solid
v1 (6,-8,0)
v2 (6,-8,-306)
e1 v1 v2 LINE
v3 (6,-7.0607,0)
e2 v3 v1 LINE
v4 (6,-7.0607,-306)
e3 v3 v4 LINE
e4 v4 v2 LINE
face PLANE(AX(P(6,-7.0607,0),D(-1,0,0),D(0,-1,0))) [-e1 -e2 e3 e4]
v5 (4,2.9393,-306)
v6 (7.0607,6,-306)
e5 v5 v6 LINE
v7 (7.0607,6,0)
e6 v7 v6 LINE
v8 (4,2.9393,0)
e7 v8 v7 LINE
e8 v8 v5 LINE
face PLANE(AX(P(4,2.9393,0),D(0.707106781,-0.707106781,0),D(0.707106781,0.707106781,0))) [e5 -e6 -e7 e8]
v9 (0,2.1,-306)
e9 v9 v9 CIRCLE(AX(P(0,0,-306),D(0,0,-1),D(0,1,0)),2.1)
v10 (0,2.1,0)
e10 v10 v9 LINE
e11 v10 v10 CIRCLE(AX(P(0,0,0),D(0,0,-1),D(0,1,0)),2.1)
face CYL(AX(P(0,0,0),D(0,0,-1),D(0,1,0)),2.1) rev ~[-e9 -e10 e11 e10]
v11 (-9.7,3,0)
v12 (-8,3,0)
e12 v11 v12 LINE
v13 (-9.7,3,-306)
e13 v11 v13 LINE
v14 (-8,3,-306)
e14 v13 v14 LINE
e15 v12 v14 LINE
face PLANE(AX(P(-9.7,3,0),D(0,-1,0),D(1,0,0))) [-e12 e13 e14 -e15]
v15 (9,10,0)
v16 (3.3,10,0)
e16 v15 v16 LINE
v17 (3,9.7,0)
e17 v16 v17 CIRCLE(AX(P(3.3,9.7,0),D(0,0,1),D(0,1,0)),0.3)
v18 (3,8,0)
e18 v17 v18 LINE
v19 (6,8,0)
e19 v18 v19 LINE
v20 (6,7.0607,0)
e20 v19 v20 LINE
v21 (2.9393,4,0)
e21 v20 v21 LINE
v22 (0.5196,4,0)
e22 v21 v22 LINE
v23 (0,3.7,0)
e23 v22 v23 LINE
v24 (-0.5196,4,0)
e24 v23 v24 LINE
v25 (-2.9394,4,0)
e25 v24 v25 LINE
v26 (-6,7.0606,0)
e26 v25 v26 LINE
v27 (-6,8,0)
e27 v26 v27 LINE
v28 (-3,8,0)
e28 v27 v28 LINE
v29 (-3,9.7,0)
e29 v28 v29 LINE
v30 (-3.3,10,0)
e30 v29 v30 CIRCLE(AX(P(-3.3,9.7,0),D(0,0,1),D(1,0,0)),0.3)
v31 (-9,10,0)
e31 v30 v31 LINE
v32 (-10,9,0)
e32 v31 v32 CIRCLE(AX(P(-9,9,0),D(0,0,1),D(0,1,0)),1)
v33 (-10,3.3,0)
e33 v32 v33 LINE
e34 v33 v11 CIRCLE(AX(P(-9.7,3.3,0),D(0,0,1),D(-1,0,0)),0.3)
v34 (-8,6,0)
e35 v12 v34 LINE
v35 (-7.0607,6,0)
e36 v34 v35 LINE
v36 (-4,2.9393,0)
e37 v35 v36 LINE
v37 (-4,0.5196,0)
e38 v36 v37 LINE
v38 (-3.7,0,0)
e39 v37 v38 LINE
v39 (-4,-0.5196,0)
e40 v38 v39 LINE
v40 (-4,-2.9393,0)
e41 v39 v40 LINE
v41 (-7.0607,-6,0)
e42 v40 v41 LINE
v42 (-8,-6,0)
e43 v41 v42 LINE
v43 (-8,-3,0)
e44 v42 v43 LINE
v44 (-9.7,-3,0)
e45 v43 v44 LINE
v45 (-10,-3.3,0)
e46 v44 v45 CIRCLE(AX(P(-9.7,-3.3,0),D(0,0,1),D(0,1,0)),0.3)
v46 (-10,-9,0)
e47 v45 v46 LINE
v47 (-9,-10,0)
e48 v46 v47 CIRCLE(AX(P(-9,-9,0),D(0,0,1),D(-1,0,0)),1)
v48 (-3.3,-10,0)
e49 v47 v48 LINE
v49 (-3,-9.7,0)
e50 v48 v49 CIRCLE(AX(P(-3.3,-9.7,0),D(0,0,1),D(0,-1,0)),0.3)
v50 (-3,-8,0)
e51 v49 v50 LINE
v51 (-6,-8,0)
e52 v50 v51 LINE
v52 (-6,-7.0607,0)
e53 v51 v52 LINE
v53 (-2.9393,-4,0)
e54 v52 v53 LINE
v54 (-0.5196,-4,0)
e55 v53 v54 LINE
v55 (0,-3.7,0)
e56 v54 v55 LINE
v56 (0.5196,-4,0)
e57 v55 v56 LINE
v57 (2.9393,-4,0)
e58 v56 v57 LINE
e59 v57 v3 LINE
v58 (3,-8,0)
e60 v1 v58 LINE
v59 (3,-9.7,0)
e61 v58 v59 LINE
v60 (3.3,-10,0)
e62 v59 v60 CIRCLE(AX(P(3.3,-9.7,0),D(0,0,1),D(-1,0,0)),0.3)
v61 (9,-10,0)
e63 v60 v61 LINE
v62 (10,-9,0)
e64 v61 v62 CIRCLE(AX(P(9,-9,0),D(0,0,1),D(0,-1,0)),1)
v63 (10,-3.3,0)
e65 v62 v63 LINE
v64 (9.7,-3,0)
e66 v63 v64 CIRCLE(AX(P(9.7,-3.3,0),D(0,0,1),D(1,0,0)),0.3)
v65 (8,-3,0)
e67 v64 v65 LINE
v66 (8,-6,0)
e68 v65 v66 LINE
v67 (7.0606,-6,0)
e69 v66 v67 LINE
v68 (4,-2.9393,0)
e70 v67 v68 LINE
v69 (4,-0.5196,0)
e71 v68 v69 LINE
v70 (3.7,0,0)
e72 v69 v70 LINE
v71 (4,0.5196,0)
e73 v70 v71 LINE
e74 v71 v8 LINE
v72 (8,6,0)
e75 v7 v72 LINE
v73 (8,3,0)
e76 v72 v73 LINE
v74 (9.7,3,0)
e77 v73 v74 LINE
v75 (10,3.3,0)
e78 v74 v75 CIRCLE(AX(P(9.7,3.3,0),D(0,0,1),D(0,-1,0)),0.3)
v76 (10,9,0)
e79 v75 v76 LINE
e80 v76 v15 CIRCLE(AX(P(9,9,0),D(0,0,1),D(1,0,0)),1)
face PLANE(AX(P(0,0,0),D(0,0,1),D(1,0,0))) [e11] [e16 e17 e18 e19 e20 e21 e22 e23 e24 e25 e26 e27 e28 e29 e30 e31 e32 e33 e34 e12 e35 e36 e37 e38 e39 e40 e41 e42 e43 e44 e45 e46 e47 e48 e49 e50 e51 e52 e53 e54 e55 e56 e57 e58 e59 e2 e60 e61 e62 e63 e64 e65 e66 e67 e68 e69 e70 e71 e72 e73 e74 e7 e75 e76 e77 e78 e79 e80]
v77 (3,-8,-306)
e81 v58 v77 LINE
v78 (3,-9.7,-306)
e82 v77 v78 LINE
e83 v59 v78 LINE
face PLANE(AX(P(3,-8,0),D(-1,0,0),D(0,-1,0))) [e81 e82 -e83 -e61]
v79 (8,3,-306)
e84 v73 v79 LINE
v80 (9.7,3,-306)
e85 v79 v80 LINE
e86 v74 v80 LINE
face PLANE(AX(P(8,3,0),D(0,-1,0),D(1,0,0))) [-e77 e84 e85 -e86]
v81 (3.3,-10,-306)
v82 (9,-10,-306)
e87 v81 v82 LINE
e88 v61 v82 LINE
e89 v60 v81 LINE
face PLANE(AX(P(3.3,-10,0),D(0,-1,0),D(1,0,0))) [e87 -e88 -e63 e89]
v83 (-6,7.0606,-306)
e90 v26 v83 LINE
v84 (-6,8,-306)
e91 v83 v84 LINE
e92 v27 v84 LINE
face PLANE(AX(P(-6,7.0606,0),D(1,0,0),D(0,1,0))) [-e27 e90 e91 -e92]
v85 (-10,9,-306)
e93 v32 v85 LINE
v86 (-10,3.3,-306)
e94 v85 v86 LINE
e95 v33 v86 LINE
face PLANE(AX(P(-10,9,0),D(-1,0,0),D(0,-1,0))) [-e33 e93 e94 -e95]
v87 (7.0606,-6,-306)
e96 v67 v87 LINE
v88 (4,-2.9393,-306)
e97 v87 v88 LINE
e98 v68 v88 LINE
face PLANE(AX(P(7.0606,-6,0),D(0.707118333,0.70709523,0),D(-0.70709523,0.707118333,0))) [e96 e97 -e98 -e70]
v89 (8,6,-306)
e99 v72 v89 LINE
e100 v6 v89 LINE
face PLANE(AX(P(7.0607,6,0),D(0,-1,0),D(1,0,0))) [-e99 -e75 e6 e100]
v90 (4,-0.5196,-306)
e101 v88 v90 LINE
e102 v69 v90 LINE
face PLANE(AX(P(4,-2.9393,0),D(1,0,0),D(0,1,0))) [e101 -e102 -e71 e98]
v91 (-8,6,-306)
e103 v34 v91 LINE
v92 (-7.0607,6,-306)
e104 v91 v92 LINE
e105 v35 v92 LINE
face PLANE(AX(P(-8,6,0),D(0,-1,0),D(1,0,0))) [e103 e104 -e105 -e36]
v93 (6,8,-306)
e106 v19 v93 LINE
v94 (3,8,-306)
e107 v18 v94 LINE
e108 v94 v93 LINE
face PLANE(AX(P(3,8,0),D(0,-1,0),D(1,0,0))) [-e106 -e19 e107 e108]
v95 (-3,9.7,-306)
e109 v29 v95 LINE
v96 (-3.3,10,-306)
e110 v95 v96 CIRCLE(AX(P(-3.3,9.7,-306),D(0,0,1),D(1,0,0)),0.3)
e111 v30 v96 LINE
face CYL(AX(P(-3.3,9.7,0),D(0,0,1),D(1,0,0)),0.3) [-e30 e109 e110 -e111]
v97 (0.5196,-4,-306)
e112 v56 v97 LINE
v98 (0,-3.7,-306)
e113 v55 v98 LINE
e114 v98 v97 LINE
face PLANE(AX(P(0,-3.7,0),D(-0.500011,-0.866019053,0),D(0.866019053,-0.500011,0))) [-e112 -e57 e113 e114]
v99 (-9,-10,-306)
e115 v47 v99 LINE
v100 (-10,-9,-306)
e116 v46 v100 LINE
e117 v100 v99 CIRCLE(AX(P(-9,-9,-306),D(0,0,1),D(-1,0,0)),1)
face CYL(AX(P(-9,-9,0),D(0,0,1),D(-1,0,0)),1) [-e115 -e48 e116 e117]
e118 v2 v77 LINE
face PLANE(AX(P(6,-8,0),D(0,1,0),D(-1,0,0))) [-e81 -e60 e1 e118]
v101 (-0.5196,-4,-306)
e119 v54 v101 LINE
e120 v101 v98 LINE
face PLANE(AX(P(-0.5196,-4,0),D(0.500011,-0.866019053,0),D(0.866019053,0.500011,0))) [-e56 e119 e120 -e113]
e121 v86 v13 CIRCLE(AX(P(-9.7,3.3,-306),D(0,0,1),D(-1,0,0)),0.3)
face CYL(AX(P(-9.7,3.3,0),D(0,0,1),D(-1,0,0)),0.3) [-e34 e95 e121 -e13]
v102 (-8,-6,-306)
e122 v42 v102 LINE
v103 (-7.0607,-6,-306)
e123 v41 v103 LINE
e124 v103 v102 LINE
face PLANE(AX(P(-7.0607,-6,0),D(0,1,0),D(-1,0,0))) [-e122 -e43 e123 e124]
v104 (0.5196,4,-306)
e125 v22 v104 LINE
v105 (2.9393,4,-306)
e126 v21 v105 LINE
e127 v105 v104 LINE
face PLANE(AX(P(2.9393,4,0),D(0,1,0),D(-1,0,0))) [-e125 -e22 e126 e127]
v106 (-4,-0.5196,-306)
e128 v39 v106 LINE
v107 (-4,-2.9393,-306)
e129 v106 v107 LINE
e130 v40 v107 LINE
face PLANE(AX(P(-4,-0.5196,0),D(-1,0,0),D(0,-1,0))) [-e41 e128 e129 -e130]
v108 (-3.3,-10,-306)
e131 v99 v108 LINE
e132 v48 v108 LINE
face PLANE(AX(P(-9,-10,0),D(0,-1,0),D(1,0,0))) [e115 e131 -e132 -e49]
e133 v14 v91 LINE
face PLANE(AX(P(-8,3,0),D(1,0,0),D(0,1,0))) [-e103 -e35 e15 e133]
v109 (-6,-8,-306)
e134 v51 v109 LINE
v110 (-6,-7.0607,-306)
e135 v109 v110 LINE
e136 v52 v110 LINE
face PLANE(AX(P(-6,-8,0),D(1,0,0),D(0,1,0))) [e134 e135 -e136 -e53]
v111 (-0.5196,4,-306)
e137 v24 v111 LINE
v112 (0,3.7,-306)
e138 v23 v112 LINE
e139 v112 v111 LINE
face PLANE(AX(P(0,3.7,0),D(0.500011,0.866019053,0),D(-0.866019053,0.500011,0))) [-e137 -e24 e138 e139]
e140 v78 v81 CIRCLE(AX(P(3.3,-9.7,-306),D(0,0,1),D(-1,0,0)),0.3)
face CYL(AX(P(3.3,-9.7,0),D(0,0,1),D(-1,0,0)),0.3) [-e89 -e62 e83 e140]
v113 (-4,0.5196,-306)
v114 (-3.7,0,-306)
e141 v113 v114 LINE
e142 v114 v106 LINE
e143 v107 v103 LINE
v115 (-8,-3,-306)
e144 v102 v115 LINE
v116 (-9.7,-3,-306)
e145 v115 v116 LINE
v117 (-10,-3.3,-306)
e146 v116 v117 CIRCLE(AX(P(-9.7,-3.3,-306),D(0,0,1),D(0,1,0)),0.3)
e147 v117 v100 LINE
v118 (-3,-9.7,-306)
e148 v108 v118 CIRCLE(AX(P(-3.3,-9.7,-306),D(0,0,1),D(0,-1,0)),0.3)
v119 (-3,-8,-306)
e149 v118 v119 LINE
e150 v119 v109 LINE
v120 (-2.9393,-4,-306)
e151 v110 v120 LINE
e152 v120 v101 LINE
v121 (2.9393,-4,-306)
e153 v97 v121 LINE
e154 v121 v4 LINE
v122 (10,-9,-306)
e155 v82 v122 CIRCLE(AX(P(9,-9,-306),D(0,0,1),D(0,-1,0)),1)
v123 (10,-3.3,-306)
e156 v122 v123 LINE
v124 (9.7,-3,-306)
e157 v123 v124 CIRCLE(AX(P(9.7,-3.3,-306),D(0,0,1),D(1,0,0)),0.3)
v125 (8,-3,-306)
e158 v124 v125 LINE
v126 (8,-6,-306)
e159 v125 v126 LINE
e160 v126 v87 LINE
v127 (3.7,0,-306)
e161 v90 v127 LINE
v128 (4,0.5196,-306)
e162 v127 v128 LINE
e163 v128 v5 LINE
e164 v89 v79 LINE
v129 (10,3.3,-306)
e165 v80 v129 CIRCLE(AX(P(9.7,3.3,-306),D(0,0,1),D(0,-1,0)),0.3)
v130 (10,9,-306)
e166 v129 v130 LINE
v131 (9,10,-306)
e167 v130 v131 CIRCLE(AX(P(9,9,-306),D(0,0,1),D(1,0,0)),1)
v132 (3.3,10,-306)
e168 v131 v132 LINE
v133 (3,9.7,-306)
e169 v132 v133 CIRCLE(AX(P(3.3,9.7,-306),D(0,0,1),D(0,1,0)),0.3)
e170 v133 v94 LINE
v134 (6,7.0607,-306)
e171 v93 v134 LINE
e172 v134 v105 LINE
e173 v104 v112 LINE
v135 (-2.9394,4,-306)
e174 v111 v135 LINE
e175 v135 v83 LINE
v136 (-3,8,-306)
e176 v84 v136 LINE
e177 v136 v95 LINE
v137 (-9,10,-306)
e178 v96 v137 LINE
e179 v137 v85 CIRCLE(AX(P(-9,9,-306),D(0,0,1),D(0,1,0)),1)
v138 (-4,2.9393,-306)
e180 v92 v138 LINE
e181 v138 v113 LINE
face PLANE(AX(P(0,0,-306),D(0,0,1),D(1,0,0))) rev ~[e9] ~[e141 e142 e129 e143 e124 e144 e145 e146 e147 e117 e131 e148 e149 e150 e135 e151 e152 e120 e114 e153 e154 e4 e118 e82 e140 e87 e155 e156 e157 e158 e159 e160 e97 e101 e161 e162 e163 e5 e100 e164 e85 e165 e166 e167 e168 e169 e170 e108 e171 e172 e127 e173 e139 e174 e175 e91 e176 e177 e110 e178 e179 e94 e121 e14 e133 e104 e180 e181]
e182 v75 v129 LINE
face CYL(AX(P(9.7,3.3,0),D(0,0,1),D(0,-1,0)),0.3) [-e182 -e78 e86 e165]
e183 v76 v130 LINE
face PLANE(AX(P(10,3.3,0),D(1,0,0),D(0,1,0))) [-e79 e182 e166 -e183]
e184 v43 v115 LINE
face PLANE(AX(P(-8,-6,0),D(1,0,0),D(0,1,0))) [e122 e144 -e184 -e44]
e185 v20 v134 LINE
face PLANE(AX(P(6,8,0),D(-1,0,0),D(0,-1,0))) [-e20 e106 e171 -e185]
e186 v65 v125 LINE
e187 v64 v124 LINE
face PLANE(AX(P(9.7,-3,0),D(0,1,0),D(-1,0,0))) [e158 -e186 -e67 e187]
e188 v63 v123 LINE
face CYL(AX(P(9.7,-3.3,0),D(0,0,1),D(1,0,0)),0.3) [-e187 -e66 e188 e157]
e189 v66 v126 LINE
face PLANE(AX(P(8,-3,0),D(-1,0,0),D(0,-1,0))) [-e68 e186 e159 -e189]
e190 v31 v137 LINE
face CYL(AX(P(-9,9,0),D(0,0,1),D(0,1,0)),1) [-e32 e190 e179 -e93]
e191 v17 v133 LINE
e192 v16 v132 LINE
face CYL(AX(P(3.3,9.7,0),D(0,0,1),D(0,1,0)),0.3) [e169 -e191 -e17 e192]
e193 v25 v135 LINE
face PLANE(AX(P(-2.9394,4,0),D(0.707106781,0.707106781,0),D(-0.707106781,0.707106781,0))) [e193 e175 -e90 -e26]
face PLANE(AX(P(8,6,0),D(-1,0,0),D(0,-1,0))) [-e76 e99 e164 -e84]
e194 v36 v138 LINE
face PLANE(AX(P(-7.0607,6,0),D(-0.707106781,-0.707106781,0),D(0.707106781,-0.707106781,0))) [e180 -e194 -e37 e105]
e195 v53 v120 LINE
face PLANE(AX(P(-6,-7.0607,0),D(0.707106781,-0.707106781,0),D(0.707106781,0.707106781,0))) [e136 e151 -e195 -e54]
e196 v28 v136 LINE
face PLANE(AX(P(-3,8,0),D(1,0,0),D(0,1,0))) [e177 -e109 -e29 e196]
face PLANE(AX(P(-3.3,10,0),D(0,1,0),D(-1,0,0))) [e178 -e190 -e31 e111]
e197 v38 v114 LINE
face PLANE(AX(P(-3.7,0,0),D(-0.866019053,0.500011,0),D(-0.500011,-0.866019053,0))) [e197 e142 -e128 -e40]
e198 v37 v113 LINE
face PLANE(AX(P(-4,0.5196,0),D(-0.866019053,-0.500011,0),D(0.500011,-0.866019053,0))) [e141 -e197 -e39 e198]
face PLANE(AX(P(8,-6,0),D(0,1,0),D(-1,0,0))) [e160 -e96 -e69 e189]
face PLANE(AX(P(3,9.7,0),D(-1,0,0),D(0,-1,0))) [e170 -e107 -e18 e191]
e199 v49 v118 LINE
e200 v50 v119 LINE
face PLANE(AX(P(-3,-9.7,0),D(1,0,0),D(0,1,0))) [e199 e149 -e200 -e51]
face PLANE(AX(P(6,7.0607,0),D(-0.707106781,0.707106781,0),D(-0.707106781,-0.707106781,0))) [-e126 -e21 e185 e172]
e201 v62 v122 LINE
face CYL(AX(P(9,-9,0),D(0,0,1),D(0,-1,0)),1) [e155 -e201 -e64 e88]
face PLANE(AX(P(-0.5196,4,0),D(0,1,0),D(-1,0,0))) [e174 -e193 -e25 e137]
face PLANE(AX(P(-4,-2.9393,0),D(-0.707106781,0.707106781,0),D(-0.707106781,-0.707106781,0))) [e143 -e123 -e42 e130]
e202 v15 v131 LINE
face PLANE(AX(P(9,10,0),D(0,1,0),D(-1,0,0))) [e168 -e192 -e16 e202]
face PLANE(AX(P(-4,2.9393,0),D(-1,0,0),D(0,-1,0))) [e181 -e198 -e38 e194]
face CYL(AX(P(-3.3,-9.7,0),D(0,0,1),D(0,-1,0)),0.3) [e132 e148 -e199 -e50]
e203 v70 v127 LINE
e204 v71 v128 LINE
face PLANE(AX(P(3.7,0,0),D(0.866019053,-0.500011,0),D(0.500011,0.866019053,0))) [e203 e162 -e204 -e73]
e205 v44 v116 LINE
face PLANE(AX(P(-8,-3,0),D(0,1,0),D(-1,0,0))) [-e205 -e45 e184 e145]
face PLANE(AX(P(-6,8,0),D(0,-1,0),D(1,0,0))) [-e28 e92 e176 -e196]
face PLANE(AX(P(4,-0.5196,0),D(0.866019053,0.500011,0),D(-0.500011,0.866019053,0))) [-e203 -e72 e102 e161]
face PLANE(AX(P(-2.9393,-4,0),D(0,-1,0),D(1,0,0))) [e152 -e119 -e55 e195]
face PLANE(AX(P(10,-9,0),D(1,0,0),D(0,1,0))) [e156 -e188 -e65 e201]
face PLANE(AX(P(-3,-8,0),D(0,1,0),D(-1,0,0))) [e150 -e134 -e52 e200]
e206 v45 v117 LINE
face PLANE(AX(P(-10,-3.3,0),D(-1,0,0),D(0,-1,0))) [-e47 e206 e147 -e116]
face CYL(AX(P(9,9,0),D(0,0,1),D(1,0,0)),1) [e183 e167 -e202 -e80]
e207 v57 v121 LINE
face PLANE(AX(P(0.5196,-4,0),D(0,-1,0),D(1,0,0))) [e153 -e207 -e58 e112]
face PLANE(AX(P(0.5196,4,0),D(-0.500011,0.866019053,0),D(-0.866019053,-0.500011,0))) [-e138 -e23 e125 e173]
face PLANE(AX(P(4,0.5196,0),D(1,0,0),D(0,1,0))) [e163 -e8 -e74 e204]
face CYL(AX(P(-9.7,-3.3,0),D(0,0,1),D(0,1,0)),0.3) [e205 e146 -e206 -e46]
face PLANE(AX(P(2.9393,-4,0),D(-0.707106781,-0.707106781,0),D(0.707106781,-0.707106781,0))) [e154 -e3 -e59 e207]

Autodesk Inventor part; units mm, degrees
sketch "Sketch_1" plane through (0, 0, 0) normal (0, 0, 1) x (1, 0, 0)
  line L0 (-10, 9) -> (-10, 3.3)
  arc A0 (-10, 3.3) -> (-9.7, 3) centre (-9.7, 3.3) ccw
  line L1 (-9.7, 3) -> (-8, 3)
  line L2 (-8, 3) -> (-8, 6)
  line L3 (-8, 6) -> (-7.0607, 6)
  line L4 (-7.0607, 6) -> (-4, 2.9393)
  line L5 (-4, 2.9393) -> (-4, 0.5196)
  line L6 (-4, 0.5196) -> (-3.7, 0)
  line L7 (-3.7, 0) -> (-4, -0.5196)
  line L8 (-4, -0.5196) -> (-4, -2.9393)
  line L9 (-4, -2.9393) -> (-7.0607, -6)
  line L10 (-7.0607, -6) -> (-8, -6)
  line L11 (-8, -6) -> (-8, -3)
  line L12 (-8, -3) -> (-9.7, -3)
  arc A1 (-9.7, -3) -> (-10, -3.3) centre (-9.7, -3.3) ccw
  line L13 (-10, -3.3) -> (-10, -9)
  arc A2 (-10, -9) -> (-9, -10) centre (-9, -9) ccw
  line L14 (-9, -10) -> (-3.3, -10)
  arc A3 (-3.3, -10) -> (-3, -9.7) centre (-3.3, -9.7) ccw
  line L15 (-3, -9.7) -> (-3, -8)
  line L16 (-3, -8) -> (-6, -8)
  line L17 (-6, -8) -> (-6, -7.0607)
  line L18 (-6, -7.0607) -> (-2.9393, -4)
  line L19 (-2.9393, -4) -> (-0.5196, -4)
  line L20 (-0.5196, -4) -> (0, -3.7)
  line L21 (0, -3.7) -> (0.5196, -4)
  line L22 (0.5196, -4) -> (2.9393, -4)
  line L23 (2.9393, -4) -> (6, -7.0607)
  line L24 (6, -7.0607) -> (6, -8)
  line L25 (6, -8) -> (3, -8)
  line L26 (3, -8) -> (3, -9.7)
  arc A4 (3, -9.7) -> (3.3, -10) centre (3.3, -9.7) ccw
  line L27 (3.3, -10) -> (9, -10)
  arc A5 (9, -10) -> (10, -9) centre (9, -9) ccw
  line L28 (10, -9) -> (10, -3.3)
  arc A6 (10, -3.3) -> (9.7, -3) centre (9.7, -3.3) ccw
  line L29 (9.7, -3) -> (8, -3)
  line L30 (8, -3) -> (8, -6)
  line L31 (8, -6) -> (7.0606, -6)
  line L32 (7.0606, -6) -> (4, -2.9393)
  line L33 (4, -2.9393) -> (4, -0.5196)
  line L34 (4, -0.5196) -> (3.7, 0)
  line L35 (3.7, 0) -> (4, 0.5196)
  line L36 (4, 0.5196) -> (4, 2.9393)
  line L37 (4, 2.9393) -> (7.0607, 6)
  line L38 (7.0607, 6) -> (8, 6)
  line L39 (8, 6) -> (8, 3)
  line L40 (8, 3) -> (9.7, 3)
  arc A7 (9.7, 3) -> (10, 3.3) centre (9.7, 3.3) ccw
  line L41 (10, 3.3) -> (10, 9)
  arc A8 (10, 9) -> (9, 10) centre (9, 9) ccw
  line L42 (9, 10) -> (3.3, 10)
  arc A9 (3.3, 10) -> (3, 9.7) centre (3.3, 9.7) ccw
  line L43 (3, 9.7) -> (3, 8)
  line L44 (3, 8) -> (6, 8)
  line L45 (6, 8) -> (6, 7.0607)
  line L46 (6, 7.0607) -> (2.9393, 4)
  line L47 (2.9393, 4) -> (0.5196, 4)
  line L48 (0.5196, 4) -> (0, 3.7)
  line L49 (0, 3.7) -> (-0.5196, 4)
  line L50 (-0.5196, 4) -> (-2.9394, 4)
  line L51 (-2.9394, 4) -> (-6, 7.0606)
  line L52 (-6, 7.0606) -> (-6, 8)
  line L53 (-6, 8) -> (-3, 8)
  line L54 (-3, 8) -> (-3, 9.7)
  arc A10 (-3, 9.7) -> (-3.3, 10) centre (-3.3, 9.7) ccw
  line L55 (-3.3, 10) -> (-9, 10)
  arc A11 (-9, 10) -> (-10, 9) centre (-9, 9) ccw
extrude "Extrusion1" add sketch "Sketch_1" against normal blind 306
sketch "Sketch_2" plane through (0, 0, 0) normal (1, 0, 0) x (0, 0, -1)
  line L0 (400, 0) -> (0, 0)
  line L1 (0, 0) -> (0, 2.1)
  line L2 (0, 2.1) -> (400, 2.1)
  line L3 (400, 2.1) -> (400, 0)
  line L4 (400, 0) -> (0, 0)
revolve "Revolution1" cut sketch "Sketch_2" angle 360 about axis through (0, 0, -400) along (0, 0, -1)
ref_plane "C1_XY" through (0, 0, 0) normal (0, 0, 1) x (1, 0, 0)
ref_plane "C1_YZ" through (0, 0, 0) normal (1, 0, 0) x (0, 1, 0)
ref_plane "C1_ZX" through (0, 0, 0) normal (0, 1, 0) x (0, 0, 1)
properties part number "2020 extrusion bottom long cross"
